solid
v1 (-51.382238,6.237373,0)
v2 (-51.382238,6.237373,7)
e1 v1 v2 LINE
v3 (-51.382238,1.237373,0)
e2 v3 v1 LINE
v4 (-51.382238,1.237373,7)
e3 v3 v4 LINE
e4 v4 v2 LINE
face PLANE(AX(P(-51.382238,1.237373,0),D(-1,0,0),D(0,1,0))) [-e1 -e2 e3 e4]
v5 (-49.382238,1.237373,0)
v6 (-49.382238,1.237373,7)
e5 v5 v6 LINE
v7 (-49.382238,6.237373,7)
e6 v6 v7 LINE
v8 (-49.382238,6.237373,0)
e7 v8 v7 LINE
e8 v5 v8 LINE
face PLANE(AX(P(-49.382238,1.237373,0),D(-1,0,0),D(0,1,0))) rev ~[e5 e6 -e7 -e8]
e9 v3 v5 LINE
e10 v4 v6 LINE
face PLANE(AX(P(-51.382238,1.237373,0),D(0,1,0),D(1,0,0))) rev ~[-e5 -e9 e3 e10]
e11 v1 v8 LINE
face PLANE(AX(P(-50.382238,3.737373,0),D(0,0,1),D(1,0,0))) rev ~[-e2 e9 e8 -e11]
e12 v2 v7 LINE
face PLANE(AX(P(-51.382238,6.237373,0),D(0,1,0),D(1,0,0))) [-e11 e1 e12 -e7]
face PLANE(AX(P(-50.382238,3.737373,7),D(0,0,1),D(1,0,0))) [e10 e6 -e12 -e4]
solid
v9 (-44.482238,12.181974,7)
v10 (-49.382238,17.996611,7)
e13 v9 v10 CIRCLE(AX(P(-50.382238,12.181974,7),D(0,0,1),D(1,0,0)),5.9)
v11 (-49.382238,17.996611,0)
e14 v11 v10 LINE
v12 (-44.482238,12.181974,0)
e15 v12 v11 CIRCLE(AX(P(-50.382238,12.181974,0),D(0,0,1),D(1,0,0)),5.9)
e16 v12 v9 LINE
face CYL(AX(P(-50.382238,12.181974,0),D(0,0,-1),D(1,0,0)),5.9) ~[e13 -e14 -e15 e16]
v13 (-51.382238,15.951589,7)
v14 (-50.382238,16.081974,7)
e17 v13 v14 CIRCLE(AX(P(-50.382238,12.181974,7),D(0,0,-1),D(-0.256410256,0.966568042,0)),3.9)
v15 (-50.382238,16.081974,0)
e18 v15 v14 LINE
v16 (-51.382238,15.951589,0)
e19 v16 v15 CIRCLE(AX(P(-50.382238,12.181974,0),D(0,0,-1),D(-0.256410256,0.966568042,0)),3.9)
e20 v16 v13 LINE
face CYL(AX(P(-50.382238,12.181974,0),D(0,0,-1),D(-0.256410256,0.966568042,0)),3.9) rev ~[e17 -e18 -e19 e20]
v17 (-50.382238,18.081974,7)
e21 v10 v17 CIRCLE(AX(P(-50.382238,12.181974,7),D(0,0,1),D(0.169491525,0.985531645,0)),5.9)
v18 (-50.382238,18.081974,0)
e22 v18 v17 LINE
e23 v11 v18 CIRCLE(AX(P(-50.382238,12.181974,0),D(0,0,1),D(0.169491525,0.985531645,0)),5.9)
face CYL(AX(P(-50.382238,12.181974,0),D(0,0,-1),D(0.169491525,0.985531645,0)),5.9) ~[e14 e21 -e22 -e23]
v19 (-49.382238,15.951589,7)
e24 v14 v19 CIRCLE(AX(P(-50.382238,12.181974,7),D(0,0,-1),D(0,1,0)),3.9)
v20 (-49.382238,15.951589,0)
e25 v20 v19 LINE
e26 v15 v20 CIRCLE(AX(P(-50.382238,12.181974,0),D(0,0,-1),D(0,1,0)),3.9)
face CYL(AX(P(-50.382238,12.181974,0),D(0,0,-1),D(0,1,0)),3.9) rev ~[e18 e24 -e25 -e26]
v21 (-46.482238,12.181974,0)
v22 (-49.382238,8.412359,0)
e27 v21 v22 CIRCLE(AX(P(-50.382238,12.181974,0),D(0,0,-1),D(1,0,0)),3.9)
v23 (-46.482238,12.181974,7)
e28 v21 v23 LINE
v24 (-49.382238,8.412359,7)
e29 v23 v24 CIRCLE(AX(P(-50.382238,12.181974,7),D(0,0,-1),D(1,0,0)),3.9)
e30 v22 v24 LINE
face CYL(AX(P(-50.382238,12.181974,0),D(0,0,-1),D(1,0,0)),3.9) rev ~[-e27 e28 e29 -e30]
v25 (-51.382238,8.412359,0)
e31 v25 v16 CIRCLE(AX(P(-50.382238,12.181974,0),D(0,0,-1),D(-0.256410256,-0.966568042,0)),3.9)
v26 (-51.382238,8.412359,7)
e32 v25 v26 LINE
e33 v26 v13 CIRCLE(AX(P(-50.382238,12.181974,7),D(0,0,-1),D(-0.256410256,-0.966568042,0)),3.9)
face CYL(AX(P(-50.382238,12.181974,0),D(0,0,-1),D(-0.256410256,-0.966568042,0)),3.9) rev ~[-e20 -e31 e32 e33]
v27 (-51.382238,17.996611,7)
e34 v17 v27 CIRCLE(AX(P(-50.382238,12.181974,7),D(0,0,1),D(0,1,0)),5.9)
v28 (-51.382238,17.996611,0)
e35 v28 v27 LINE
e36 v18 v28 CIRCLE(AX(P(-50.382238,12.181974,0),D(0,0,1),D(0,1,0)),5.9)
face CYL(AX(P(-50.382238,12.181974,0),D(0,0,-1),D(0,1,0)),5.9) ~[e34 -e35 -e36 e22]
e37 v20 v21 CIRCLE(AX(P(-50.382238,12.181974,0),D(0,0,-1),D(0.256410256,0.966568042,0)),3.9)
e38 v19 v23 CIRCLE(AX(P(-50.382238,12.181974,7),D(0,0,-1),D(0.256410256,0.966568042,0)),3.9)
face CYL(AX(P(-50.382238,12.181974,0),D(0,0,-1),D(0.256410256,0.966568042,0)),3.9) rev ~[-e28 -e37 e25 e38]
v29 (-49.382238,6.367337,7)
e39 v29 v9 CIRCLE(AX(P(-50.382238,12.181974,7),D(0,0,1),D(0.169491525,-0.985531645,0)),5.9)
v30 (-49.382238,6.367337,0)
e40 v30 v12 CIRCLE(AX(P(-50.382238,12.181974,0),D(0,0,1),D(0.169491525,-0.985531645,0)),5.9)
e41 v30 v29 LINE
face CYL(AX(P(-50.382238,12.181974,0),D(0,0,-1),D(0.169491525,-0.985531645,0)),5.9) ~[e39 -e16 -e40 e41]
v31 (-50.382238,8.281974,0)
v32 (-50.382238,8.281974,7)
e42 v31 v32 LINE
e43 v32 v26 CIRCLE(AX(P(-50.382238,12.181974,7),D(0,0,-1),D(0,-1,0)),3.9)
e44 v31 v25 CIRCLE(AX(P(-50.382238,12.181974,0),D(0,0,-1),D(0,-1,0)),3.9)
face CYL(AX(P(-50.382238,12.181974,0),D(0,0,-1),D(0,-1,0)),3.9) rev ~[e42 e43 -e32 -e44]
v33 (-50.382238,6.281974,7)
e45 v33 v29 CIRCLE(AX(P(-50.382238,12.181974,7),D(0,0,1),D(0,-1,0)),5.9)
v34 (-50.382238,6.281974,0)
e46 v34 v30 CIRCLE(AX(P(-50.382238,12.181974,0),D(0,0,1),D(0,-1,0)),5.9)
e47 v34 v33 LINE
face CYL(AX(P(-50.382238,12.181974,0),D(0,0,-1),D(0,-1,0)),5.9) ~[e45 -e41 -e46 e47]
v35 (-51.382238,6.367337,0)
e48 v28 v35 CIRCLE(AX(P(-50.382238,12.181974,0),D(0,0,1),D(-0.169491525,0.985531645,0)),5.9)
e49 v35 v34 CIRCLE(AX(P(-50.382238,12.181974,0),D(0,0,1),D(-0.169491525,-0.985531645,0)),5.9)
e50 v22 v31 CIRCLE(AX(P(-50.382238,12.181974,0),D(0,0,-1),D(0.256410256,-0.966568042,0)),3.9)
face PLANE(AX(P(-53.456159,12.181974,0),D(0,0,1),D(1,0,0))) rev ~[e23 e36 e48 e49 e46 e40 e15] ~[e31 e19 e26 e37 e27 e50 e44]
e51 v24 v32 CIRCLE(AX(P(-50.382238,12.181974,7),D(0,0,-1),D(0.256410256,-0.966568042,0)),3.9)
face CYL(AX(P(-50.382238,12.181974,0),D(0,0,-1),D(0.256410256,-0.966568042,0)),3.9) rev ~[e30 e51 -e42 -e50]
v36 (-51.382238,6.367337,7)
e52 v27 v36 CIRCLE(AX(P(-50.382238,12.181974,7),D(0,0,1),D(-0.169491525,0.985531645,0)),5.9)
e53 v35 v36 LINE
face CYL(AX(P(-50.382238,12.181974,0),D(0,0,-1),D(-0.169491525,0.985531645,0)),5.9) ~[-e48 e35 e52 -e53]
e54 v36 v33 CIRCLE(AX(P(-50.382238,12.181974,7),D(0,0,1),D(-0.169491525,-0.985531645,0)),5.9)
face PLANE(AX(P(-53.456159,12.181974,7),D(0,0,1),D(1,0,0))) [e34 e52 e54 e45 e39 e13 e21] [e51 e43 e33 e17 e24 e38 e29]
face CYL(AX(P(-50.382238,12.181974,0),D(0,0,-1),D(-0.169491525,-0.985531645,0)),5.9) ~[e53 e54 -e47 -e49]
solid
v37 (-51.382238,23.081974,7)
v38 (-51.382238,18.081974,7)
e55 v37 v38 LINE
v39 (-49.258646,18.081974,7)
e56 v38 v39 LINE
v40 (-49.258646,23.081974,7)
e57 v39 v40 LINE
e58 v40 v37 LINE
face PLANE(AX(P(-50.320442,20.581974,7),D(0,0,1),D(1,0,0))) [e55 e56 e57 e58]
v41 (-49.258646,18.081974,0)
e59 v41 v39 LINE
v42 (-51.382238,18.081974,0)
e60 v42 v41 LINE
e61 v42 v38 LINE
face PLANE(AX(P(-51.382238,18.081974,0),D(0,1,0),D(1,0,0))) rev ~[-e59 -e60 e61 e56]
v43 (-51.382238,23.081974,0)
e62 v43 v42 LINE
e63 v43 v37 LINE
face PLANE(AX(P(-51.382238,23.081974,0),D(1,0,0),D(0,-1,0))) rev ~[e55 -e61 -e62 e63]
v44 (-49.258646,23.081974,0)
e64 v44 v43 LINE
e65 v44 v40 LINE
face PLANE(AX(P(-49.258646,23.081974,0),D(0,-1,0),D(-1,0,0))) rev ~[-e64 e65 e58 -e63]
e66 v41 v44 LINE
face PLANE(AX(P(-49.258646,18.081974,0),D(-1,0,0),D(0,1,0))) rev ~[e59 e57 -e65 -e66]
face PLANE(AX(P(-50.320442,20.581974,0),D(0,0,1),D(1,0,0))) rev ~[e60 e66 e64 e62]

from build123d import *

# Parameters (mm, degrees)
F1_DEPTH = 7
F0_W     = 2
F0_H     = 5


with BuildPart() as f1:
    # F0 (on Top) → F1 (new body)
    with BuildSketch(Plane.XY):
        with BuildLine():
            ThreePointArc((-51.3822378814, 8.4123586511), (-54.2822378814, 12.1819740161), (-51.3822378814, 15.9515893811))
            Line((-51.3822378814, 15.9515893811), (-51.3822378814, 17.9966107202))
            ThreePointArc((-51.3822378814, 17.9966107202), (-56.2822378814, 12.1819740161), (-51.3822378814, 6.3673373121))
            Line((-51.3822378814, 6.3673373121), (-51.3822378814, 8.4123586511))
        make_face()
        with BuildLine():
            ThreePointArc((-49.3822378814, 15.9515893811), (-47.2911215782, 14.5599984062), (-46.4822378814, 12.1819740161))
            ThreePointArc((-46.4822378814, 12.1819740161), (-47.2911215782, 9.803949626), (-49.3822378814, 8.4123586511))
            Line((-49.3822378814, 8.4123586511), (-49.3822378814, 6.3673373121))
            ThreePointArc((-49.3822378814, 6.3673373121), (-45.8705862991, 8.3800008442), (-44.4822378814, 12.1819740161))
            ThreePointArc((-44.4822378814, 12.1819740161), (-45.8705862991, 15.9839471881), (-49.3822378814, 17.9966107202))
            Line((-49.3822378814, 17.9966107202), (-49.3822378814, 15.9515893811))
        make_face()
        with BuildLine():
            ThreePointArc((-50.3822378814, 16.0819740161), (-49.8780057541, 16.0492404876), (-49.3822378814, 15.9515893811))
            Line((-49.3822378814, 15.9515893811), (-49.3822378814, 17.9966107202))
            ThreePointArc((-49.3822378814, 17.9966107202), (-49.880419465, 18.0605944561), (-50.3822378814, 18.0819740161))
            Line((-50.3822378814, 18.0819740161), (-50.3822378814, 16.0819740161))
        make_face()
        with BuildLine():
            ThreePointArc((-51.3822378814, 15.9515893811), (-50.8864700088, 16.0492404876), (-50.3822378814, 16.0819740161))
            Line((-50.3822378814, 16.0819740161), (-50.3822378814, 18.0819740161))
            ThreePointArc((-50.3822378814, 18.0819740161), (-50.8840562979, 18.0605944561), (-51.3822378814, 17.9966107202))
            Line((-51.3822378814, 17.9966107202), (-51.3822378814, 15.9515893811))
        make_face()
        with BuildLine():
            Line((-50.3822378814, 6.2819740161), (-50.3822378814, 8.2819740161))
            ThreePointArc((-50.3822378814, 8.2819740161), (-50.8864700088, 8.3147075446), (-51.3822378814, 8.4123586511))
            Line((-51.3822378814, 8.4123586511), (-51.3822378814, 6.3673373121))
            ThreePointArc((-51.3822378814, 6.3673373121), (-50.8840562979, 6.3033535762), (-50.3822378814, 6.2819740161))
        make_face()
        with BuildLine():
            Line((-49.3822378814, 6.3673373121), (-49.3822378814, 8.4123586511))
            ThreePointArc((-49.3822378814, 8.4123586511), (-49.8780057541, 8.3147075446), (-50.3822378814, 8.2819740161))
            Line((-50.3822378814, 8.2819740161), (-50.3822378814, 6.2819740161))
            ThreePointArc((-50.3822378814, 6.2819740161), (-49.880419465, 6.3033535762), (-49.3822378814, 6.3673373121))
        make_face()
    extrude(amount=F1_DEPTH)


with BuildPart() as f1b:
    # F0 (on Top) → F1, piece 2 (new body)
    with BuildSketch(Plane.XY):
        Polygon((-51.3822378814, 18.0819740161), (-50.3822378814, 18.0819740161), (-49.3822378814, 18.0819740161), (-49.2586456239, 18.0819740161), (-49.2586456239, 23.0819740161), (-51.3822378814, 23.0819740161), align=None)
    extrude(amount=F1_DEPTH)


with BuildPart() as f1c:
    # F0 (on Top) → F1, piece 3 (new body)
    with BuildSketch(Plane.XY):
        with Locations((-50.3822378814, 3.7373728678)):
            Rectangle(F0_W, F0_H)
    extrude(amount=F1_DEPTH)


solid = Compound([f1.part, f1b.part, f1c.part])
